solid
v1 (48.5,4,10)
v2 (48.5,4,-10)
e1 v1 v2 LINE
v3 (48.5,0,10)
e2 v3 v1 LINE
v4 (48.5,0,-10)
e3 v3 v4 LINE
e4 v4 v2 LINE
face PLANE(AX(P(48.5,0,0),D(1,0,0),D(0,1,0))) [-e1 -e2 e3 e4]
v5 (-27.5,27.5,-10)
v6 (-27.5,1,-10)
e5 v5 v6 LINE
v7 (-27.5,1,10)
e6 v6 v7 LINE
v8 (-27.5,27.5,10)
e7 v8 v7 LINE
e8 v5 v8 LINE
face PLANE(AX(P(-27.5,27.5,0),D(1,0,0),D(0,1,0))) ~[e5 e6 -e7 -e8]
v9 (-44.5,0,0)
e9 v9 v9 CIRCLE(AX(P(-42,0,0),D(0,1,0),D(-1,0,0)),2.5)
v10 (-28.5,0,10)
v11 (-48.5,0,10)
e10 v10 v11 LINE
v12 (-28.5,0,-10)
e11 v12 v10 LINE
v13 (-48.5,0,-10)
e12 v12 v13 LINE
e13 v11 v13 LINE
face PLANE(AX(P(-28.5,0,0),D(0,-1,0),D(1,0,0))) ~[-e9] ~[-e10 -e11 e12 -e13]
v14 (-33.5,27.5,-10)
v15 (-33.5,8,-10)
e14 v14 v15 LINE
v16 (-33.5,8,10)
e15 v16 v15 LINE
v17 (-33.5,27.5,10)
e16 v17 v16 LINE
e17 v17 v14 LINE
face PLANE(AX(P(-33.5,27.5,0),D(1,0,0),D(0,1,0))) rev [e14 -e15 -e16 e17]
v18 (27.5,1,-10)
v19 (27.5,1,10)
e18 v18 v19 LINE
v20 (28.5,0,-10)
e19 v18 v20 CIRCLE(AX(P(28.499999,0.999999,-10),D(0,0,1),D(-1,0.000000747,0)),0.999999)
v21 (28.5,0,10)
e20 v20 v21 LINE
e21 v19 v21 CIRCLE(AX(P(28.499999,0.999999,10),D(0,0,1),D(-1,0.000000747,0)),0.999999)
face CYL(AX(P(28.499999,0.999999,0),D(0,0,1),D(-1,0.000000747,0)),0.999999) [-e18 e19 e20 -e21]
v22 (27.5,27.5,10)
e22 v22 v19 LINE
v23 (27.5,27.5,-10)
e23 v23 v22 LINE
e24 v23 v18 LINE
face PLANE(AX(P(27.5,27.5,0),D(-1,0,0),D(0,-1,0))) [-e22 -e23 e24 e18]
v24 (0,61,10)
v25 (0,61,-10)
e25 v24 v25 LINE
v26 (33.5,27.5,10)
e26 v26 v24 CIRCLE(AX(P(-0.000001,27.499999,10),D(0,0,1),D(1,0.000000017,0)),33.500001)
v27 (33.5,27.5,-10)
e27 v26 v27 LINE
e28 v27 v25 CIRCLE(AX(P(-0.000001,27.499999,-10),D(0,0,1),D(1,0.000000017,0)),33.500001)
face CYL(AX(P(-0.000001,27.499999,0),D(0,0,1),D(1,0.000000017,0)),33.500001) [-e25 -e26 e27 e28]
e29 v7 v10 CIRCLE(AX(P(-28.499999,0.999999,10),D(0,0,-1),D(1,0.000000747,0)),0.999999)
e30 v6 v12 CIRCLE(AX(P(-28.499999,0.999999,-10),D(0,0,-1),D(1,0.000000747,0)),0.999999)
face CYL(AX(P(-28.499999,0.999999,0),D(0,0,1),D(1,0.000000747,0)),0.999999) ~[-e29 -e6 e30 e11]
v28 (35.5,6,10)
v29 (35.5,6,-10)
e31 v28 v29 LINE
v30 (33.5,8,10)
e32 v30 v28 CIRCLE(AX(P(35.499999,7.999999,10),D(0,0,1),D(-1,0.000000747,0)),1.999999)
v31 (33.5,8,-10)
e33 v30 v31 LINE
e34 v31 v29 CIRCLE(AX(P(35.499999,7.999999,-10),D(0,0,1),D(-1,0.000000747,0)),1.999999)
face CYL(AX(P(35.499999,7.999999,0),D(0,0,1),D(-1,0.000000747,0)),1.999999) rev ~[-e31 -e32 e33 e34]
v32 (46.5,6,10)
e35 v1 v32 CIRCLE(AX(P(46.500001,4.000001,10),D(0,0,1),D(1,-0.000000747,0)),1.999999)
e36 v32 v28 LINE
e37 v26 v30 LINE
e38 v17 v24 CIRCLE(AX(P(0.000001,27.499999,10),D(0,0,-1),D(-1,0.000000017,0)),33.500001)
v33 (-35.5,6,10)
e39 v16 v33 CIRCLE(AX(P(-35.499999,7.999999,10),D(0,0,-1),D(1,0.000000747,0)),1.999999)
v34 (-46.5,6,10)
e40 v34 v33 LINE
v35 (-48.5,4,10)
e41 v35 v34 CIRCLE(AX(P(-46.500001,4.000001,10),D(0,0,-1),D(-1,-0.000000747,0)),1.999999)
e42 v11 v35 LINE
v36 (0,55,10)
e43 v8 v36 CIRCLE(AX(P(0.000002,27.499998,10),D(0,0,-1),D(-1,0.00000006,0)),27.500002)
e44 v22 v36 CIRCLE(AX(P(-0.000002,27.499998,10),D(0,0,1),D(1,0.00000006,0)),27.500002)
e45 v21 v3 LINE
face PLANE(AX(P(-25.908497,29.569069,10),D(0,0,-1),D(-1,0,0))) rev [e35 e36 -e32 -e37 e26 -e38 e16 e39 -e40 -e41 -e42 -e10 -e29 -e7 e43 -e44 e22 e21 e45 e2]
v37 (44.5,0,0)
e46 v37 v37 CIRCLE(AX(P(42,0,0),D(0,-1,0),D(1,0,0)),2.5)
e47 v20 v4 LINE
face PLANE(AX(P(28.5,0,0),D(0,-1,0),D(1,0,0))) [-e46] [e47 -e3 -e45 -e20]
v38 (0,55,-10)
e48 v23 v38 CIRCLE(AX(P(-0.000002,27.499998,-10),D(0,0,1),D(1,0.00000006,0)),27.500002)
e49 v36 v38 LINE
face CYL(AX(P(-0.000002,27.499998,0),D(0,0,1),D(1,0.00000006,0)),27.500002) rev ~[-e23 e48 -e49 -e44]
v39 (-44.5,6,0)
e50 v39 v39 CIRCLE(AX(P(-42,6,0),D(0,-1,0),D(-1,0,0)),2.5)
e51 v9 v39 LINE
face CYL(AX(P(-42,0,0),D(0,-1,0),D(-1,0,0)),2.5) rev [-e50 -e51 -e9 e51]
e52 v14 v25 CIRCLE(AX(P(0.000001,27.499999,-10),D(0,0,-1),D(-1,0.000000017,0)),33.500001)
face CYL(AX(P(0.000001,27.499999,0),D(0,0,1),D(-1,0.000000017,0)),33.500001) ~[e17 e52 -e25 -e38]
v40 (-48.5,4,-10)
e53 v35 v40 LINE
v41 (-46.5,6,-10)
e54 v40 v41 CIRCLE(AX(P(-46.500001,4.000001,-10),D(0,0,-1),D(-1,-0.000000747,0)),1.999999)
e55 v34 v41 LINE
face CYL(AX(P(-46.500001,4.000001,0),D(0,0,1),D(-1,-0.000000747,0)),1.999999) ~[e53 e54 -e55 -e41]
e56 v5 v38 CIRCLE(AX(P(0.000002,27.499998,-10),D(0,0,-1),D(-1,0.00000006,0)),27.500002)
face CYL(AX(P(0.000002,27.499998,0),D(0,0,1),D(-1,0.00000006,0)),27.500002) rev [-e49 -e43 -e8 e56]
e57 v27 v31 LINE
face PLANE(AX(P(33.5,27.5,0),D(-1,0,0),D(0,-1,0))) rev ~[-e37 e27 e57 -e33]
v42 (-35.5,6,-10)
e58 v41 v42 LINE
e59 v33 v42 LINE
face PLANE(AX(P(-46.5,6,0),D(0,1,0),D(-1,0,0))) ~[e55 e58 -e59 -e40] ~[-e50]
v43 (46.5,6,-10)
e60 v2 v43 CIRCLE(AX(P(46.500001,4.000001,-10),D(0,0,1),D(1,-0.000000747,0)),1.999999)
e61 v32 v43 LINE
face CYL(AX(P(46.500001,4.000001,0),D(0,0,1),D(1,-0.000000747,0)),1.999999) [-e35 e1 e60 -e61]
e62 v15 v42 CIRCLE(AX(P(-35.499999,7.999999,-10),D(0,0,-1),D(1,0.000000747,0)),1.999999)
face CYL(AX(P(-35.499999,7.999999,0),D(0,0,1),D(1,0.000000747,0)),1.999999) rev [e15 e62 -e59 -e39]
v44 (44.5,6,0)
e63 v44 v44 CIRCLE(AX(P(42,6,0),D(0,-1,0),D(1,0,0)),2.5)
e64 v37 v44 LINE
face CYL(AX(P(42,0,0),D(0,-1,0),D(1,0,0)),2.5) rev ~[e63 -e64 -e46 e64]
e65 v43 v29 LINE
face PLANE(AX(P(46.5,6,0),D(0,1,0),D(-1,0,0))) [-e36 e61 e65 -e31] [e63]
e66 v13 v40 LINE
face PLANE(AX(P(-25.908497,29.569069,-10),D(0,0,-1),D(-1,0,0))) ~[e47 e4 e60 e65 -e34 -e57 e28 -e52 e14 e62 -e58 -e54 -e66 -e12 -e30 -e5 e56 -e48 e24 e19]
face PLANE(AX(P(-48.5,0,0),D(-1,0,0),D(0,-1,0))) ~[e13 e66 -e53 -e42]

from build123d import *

# Parameters (mm, degrees)
PAD_DEPTH                  = 10
SKETCH001_R                = 2.5
POCKET_DEPTH               = 293.638056
SKETCH001_MIRRORED001_2_R  = 2.5
POCKET_MIRRORED001_2_DEPTH = 293.638056


with BuildPart() as part:
    # Sketch → Pad (new body, symmetric)
    with BuildSketch(Plane.XY):
        with BuildLine():
            ThreePointArc((27.5, 27.5), (19.445436, 46.945436), (0, 55))
            Line((0, 55), (0, 61))
            ThreePointArc((33.5, 27.5), (23.688077, 51.188077), (0, 61))
            Line((33.5, 27.5), (33.5, 8))
            ThreePointArc((33.5, 8), (34.085786, 6.585786), (35.5, 6))
            Line((46.5, 6), (35.5, 6))
            ThreePointArc((48.5, 4), (47.914214, 5.414214), (46.5, 6))
            Line((48.5, 0), (48.5, 4))
            Line((28.5, 0), (48.5, 0))
            ThreePointArc((27.5, 1), (27.792893, 0.292893), (28.5, 0))
            Line((27.5, 27.5), (27.5, 1))
        make_face()
    pad = extrude(amount=PAD_DEPTH, both=True)

    # Mirrored: Pad across Sketch V_Axis
    add(pad.mirror(Plane(origin=(0, 0, 0), x_dir=(0, 0, 1), z_dir=(1, 0, 0))))

    # Sketch001 → Pocket (cut, through all)
    with BuildSketch(Plane.XZ):
        with Locations((42, 0)):
            Circle(SKETCH001_R)
    pocket = extrude(amount=-POCKET_DEPTH, mode=Mode.SUBTRACT)

    # Sketch001 Mirrored001 2 → Pocket Mirrored001 2 (cut, through all)
    with BuildSketch(Plane(origin=(0, 0, 0), x_dir=(1, 0, 0), z_dir=(0, 1, 0))):
        with Locations((42, 0)):
            Circle(SKETCH001_MIRRORED001_2_R)
    pocket_mirrored001_2 = extrude(amount=POCKET_MIRRORED001_2_DEPTH, mode=Mode.SUBTRACT)

    # Mirrored002: Pocket, Pocket Mirrored001 2 across Sketch001 V_Axis
    add(pocket.mirror(Plane(origin=(0, 0, 0), x_dir=(0, -1, 0), z_dir=(1, 0, 0))), mode=Mode.SUBTRACT)
    add(pocket_mirrored001_2.mirror(Plane(origin=(0, 0, 0), x_dir=(0, -1, 0), z_dir=(1, 0, 0))), mode=Mode.SUBTRACT)


solid = part.part
